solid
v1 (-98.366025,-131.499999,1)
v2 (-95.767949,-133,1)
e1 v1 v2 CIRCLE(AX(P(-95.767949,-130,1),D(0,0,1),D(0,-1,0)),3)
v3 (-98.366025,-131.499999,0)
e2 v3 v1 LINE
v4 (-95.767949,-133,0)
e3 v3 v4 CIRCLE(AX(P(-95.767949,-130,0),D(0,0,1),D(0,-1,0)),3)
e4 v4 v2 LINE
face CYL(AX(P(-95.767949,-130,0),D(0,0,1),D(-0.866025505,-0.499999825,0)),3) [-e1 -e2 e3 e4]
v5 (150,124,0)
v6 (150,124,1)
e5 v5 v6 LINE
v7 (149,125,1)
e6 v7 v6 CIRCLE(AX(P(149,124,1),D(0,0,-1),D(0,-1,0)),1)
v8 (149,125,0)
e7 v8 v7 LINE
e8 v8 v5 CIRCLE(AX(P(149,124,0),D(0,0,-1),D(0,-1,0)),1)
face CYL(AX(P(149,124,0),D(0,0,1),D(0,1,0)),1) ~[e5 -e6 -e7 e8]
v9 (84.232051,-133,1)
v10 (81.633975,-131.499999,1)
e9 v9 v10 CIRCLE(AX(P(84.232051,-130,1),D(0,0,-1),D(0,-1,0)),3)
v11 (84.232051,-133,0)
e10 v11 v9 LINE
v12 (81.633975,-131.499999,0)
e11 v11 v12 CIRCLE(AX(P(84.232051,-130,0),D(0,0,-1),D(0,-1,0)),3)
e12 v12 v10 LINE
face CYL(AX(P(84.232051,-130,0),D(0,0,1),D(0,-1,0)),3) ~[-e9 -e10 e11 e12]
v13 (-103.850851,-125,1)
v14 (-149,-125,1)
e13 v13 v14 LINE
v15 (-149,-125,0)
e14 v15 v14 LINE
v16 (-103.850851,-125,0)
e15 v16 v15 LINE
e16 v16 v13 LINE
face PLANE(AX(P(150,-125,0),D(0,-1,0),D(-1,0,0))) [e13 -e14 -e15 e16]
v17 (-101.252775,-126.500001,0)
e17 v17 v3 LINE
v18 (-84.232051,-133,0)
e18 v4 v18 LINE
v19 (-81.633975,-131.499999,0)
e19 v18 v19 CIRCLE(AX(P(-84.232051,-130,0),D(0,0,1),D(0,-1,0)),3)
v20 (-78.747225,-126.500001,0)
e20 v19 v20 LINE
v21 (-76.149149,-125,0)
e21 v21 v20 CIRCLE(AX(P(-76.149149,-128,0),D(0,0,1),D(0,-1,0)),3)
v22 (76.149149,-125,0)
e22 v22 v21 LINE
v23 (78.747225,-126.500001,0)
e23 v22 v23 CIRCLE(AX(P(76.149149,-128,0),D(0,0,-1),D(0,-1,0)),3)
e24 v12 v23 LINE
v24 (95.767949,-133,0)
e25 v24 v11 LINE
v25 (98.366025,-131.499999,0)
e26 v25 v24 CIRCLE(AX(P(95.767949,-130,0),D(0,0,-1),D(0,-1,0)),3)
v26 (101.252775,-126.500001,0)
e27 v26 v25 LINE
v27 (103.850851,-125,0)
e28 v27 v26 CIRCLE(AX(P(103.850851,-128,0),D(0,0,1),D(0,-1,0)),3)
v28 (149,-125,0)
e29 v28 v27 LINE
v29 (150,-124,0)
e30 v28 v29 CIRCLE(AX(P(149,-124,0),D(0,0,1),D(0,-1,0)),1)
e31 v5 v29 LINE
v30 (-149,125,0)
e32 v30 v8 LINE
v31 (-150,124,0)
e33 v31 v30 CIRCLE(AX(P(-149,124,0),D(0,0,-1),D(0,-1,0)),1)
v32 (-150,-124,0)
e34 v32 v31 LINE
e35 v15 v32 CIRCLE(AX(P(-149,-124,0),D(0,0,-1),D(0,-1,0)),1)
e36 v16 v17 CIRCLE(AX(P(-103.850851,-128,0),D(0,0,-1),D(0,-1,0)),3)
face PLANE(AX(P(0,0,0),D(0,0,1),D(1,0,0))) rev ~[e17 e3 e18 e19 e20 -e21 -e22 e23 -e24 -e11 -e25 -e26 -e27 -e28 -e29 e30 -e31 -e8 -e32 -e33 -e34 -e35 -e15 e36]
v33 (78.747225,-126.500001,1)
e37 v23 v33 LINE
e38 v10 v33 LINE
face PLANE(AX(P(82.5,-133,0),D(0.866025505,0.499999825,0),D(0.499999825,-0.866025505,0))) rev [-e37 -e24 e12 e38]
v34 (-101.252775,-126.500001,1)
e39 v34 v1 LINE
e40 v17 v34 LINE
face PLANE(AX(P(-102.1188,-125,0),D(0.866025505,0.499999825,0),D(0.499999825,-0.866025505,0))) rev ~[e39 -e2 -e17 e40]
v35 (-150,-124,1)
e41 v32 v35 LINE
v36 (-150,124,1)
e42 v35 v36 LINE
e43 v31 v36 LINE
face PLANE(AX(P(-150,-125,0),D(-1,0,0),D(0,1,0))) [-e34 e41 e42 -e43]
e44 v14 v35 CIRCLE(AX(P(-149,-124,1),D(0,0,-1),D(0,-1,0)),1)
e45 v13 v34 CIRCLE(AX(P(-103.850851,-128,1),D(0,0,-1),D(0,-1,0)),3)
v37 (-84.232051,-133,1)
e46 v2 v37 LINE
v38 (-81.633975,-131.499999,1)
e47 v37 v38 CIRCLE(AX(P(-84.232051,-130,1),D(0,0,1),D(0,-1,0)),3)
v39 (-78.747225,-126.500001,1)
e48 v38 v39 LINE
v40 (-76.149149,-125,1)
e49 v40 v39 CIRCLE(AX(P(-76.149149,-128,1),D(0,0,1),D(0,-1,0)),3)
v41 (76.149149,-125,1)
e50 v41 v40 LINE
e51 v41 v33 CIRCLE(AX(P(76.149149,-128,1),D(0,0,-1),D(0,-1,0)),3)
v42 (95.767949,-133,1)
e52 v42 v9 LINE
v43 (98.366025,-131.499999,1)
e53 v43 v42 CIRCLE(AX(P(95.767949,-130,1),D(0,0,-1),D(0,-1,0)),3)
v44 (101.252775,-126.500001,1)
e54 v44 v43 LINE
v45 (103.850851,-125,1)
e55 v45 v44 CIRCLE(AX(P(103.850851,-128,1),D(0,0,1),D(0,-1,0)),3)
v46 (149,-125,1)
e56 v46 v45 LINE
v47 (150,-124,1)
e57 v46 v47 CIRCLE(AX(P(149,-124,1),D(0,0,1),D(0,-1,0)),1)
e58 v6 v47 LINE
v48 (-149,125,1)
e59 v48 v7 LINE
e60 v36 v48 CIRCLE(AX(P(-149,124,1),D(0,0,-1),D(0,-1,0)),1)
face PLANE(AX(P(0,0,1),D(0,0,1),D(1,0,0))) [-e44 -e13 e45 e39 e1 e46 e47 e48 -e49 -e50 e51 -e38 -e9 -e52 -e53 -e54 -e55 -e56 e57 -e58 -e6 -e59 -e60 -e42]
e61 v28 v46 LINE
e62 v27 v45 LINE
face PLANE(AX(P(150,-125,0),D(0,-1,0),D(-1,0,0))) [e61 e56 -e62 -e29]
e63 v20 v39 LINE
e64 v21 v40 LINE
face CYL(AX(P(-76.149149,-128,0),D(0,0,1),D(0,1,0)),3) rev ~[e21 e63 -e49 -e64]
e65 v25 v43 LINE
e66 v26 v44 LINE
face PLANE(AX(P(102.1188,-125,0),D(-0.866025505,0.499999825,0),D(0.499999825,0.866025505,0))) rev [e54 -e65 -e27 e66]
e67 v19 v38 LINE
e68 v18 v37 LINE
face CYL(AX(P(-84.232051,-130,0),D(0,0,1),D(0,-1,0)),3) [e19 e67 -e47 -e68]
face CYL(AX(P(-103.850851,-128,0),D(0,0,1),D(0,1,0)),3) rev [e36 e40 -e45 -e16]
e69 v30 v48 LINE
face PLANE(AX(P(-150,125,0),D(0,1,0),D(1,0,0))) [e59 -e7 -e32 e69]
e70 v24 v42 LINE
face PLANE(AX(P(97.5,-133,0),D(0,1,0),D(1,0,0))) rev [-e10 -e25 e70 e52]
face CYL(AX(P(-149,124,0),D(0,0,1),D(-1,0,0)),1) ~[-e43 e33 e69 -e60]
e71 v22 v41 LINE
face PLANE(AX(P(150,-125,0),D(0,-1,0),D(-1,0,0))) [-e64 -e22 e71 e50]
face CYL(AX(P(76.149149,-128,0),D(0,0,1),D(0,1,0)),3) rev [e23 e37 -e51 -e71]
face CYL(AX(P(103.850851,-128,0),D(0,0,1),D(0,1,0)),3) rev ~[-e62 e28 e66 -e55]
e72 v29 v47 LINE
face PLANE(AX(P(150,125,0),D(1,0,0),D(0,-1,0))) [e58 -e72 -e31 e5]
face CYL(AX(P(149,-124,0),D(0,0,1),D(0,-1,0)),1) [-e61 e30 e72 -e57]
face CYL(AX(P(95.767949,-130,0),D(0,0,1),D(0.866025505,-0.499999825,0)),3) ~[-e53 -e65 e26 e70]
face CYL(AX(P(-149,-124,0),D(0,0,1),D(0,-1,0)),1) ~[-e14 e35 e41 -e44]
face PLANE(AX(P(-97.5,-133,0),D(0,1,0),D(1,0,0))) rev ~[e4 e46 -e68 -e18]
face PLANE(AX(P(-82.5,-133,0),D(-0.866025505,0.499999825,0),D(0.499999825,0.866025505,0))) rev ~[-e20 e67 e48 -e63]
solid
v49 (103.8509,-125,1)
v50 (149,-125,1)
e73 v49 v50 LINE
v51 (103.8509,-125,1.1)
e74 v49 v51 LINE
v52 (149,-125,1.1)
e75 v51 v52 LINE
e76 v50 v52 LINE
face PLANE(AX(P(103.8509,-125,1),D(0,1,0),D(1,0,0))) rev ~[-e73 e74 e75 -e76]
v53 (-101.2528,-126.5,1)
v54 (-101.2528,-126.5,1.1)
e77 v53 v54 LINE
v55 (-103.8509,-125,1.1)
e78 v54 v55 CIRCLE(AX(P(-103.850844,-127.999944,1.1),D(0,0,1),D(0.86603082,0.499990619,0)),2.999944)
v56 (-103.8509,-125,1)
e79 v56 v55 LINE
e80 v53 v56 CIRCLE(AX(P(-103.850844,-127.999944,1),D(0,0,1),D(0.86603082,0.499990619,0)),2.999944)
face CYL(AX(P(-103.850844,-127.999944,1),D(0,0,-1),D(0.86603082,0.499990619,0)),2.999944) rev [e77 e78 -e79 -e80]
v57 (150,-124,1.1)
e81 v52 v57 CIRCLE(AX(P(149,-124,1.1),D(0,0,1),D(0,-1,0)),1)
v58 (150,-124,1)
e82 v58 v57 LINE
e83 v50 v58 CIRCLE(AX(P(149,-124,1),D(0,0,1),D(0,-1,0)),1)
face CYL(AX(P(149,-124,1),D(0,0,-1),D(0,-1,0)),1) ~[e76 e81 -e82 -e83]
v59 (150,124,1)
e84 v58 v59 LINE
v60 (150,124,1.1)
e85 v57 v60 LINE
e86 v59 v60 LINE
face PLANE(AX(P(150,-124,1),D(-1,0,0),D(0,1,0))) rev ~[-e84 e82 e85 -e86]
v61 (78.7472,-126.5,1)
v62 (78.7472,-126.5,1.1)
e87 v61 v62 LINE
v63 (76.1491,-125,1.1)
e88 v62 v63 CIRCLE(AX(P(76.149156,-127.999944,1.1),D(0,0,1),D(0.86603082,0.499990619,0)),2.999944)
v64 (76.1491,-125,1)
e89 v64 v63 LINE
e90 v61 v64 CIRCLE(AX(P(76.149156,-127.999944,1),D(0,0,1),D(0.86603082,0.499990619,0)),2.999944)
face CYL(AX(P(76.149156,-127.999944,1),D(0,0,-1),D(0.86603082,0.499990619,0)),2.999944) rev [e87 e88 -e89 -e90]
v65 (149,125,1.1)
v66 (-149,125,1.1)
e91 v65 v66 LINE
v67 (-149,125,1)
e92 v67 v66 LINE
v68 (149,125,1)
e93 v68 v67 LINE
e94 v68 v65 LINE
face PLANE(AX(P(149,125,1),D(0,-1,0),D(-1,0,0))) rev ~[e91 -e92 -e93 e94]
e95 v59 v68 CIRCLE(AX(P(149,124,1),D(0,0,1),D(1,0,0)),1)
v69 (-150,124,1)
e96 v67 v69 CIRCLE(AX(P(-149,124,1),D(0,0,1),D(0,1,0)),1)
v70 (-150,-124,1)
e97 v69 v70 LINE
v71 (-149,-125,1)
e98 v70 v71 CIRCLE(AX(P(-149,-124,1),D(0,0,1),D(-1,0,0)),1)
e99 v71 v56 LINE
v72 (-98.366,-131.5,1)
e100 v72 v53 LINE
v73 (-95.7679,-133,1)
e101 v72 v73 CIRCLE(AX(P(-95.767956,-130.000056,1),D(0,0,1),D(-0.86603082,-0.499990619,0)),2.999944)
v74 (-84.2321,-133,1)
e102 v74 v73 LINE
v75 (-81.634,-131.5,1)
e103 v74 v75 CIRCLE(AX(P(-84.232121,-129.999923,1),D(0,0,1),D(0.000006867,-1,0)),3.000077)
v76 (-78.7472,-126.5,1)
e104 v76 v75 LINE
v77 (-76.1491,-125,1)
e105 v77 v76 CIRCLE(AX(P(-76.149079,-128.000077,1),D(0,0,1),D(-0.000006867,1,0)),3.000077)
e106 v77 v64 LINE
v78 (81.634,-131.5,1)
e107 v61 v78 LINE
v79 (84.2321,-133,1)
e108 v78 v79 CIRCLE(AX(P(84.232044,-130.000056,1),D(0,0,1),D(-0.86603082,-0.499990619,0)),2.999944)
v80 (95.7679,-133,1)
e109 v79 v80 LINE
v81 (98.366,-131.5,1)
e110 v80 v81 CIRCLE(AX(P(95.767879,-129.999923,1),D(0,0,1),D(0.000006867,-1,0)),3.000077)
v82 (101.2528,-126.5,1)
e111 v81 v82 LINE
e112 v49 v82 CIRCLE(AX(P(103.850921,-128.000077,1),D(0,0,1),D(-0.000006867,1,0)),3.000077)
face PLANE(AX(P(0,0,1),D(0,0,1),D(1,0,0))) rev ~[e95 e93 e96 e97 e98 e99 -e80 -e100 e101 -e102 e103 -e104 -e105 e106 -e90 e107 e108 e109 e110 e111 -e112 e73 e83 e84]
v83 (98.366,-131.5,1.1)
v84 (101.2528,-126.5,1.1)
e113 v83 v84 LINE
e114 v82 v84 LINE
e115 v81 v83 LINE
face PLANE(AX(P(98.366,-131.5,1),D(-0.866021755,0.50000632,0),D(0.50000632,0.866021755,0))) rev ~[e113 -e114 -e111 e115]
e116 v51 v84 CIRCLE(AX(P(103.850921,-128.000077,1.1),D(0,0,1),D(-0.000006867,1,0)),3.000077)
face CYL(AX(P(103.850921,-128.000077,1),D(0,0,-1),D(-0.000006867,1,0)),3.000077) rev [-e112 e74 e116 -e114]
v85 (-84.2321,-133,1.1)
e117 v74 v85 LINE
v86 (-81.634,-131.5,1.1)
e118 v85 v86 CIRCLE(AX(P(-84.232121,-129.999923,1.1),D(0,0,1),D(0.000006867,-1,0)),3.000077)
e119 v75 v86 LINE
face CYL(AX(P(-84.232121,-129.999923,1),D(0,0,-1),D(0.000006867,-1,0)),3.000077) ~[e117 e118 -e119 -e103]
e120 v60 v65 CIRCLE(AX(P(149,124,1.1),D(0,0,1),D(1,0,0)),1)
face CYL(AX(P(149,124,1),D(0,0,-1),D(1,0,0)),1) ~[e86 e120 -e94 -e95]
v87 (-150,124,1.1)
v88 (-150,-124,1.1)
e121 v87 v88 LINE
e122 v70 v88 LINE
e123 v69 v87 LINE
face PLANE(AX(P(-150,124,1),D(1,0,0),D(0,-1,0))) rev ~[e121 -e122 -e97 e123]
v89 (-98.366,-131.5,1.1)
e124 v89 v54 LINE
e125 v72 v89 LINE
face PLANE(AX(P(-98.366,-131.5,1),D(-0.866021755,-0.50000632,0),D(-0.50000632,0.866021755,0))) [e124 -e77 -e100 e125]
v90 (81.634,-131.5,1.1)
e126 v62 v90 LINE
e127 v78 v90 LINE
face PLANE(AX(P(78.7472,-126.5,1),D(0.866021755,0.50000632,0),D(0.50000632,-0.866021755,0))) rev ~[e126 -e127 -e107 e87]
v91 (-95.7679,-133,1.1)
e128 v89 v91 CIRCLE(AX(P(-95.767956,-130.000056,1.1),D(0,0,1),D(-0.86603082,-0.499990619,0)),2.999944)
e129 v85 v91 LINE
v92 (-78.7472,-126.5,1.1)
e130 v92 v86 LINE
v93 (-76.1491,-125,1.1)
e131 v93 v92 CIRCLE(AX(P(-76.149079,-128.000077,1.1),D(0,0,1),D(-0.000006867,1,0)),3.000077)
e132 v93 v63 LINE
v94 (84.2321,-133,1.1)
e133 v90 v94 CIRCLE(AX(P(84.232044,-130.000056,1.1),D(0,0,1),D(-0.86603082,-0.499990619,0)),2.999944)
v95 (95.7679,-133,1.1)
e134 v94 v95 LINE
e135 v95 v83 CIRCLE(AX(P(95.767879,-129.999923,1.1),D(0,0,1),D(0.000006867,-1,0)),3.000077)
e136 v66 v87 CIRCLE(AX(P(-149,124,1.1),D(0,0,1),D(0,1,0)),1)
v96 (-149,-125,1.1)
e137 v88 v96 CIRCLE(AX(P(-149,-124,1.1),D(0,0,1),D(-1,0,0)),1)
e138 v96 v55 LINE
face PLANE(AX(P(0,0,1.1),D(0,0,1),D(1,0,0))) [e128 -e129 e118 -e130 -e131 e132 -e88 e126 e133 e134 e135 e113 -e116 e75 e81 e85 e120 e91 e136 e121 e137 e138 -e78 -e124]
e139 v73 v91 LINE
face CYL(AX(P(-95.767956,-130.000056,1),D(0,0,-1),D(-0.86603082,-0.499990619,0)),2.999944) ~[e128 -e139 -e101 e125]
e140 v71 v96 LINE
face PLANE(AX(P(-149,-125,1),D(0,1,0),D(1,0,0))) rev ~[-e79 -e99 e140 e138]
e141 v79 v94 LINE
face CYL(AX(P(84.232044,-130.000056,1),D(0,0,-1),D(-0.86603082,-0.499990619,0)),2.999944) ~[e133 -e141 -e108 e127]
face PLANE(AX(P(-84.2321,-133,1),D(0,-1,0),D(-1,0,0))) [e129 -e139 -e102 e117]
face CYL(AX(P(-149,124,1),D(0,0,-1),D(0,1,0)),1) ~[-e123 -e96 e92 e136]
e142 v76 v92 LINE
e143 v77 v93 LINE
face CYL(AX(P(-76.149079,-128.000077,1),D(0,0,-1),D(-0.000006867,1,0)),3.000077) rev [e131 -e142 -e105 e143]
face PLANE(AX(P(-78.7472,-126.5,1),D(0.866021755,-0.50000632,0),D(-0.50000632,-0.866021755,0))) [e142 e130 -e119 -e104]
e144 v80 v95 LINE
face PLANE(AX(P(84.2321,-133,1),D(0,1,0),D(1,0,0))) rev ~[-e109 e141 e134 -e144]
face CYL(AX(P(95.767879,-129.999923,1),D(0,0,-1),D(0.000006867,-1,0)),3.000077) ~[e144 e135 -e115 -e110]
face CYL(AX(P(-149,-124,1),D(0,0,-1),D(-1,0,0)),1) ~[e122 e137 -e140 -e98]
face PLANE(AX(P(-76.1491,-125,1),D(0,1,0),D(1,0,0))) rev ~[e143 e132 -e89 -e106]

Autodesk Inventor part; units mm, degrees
ref_plane "YZ Plane" through (0, 0, 0) normal (1, 0, 0) x (0, 1, 0)
ref_plane "XZ Plane" through (0, 0, 0) normal (0, 1, 0) x (-1, 0, 0)
ref_plane "XY Plane" through (0, 0, 0) normal (0, 0, 1) x (1, 0, 0)
sketch "Sketch1" plane through (0, 0, 0) normal (0, 0, 1) x (1, 0, 0)
  line L0 (150, -125) -> (-150, -125)
  line L1 (-150, -125) -> (-150, 125)
  line L2 (-150, 125) -> (150, 125)
  line L3 (150, 125) -> (150, -125)
  line L4 (150, -125) -> (-150, 125) construction
  line L5 (-150, -125) -> (150, 125) construction
  point P0 (0, 0)
  dimension "d0" = 300
  dimension "d1" = 250
extrude "Extrusion1" add sketch "Sketch1" along normal blind 1
fillet "Fillet1" radius 1 4 edges at (-150, 125, 0.5) (-150, -125, 0.5) (150, -125, 0.5) (150, 125, 0.5)
sketch "Sketch3" plane through (0, 0, 0) normal (0, 0, -1) x (-1, 0, 0)
  line L0 (149, -125) -> (-149, -125) projected
  line L1 (102.1188, -125) -> (97.5, -133)
  line L2 (97.5, -133) -> (82.5, -133)
  line L3 (82.5, -133) -> (77.8812, -125)
  point P0 (0, 0)
  point P1 (90, -133)
  dimension "d7" = 60
  dimension "d8" = 60
  dimension "d9" = 8
  dimension "d10" = 15
  dimension "d11" = 90
extrude "Extrusion3" add sketch "Sketch3" against normal up to surface (1 mm away)
mirror "Mirror1" about plane through (0, 0, 0) normal (1, 0, 0) of "Extrusion3"
fillet "Fillet2" radius 3 8 edges at (-77.8812, -125, 0.5) (-82.5, -133, 0.5) (-102.1188, -125, 0.5) (-97.5, -133, 0.5) (77.8812, -125, 0.5) (82.5, -133, 0.5) (102.1188, -125, 0.5) (97.5, -133, 0.5)
sketch "Sketch2" plane through (0, 0, 1) normal (0, 0, 1) x (1, 0, 0)
  arc A0 (150, 124) -> (149, 125) centre (149, 124) ccw projected
  line L0 (149, 125) -> (-149, 125) projected
  arc A1 (-149, 125) -> (-150, 124) centre (-149, 124) ccw projected
  line L1 (-150, 124) -> (-150, -124) projected
  arc A2 (-150, -124) -> (-149, -125) centre (-149, -124) ccw projected
  line L2 (-149, -125) -> (-103.8509, -125) projected
  arc A3 (149, -125) -> (150, -124) centre (149, -124) ccw projected
  line L3 (150, -124) -> (150, 124) projected
  arc A4 (95.7679, -133) -> (98.366, -131.5) centre (95.7679, -130) ccw projected
  line L4 (98.366, -131.5) -> (101.2528, -126.5) projected
  arc A5 (103.8509, -125) -> (101.2528, -126.5) centre (103.8509, -128) ccw projected
  line L5 (103.8509, -125) -> (149, -125) projected
  arc A6 (-101.2528, -126.5) -> (-103.8509, -125) centre (-103.8509, -128) ccw projected
  line L6 (-98.366, -131.5) -> (-101.2528, -126.5) projected
  arc A7 (-98.366, -131.5) -> (-95.7679, -133) centre (-95.7679, -130) ccw projected
  line L7 (-84.2321, -133) -> (-95.7679, -133) projected
  arc A8 (-84.2321, -133) -> (-81.634, -131.5) centre (-84.2321, -130) ccw projected
  line L8 (-78.7472, -126.5) -> (-81.634, -131.5) projected
  arc A9 (-76.1491, -125) -> (-78.7472, -126.5) centre (-76.1491, -128) ccw projected
  line L9 (-76.1491, -125) -> (76.1491, -125) projected
  arc A10 (78.7472, -126.5) -> (76.1491, -125) centre (76.1491, -128) ccw projected
  line L10 (78.7472, -126.5) -> (81.634, -131.5) projected
  arc A11 (81.634, -131.5) -> (84.2321, -133) centre (84.2321, -130) ccw projected
  line L11 (84.2321, -133) -> (95.7679, -133) projected
  point P0 (0, 0)
extrude "Extrusion2" add sketch "Sketch2" along normal blind 0.1 separate body
equation "\"d8\" = d7"
properties part number "PEI Bed Surface" material "Steel, Alloy"
